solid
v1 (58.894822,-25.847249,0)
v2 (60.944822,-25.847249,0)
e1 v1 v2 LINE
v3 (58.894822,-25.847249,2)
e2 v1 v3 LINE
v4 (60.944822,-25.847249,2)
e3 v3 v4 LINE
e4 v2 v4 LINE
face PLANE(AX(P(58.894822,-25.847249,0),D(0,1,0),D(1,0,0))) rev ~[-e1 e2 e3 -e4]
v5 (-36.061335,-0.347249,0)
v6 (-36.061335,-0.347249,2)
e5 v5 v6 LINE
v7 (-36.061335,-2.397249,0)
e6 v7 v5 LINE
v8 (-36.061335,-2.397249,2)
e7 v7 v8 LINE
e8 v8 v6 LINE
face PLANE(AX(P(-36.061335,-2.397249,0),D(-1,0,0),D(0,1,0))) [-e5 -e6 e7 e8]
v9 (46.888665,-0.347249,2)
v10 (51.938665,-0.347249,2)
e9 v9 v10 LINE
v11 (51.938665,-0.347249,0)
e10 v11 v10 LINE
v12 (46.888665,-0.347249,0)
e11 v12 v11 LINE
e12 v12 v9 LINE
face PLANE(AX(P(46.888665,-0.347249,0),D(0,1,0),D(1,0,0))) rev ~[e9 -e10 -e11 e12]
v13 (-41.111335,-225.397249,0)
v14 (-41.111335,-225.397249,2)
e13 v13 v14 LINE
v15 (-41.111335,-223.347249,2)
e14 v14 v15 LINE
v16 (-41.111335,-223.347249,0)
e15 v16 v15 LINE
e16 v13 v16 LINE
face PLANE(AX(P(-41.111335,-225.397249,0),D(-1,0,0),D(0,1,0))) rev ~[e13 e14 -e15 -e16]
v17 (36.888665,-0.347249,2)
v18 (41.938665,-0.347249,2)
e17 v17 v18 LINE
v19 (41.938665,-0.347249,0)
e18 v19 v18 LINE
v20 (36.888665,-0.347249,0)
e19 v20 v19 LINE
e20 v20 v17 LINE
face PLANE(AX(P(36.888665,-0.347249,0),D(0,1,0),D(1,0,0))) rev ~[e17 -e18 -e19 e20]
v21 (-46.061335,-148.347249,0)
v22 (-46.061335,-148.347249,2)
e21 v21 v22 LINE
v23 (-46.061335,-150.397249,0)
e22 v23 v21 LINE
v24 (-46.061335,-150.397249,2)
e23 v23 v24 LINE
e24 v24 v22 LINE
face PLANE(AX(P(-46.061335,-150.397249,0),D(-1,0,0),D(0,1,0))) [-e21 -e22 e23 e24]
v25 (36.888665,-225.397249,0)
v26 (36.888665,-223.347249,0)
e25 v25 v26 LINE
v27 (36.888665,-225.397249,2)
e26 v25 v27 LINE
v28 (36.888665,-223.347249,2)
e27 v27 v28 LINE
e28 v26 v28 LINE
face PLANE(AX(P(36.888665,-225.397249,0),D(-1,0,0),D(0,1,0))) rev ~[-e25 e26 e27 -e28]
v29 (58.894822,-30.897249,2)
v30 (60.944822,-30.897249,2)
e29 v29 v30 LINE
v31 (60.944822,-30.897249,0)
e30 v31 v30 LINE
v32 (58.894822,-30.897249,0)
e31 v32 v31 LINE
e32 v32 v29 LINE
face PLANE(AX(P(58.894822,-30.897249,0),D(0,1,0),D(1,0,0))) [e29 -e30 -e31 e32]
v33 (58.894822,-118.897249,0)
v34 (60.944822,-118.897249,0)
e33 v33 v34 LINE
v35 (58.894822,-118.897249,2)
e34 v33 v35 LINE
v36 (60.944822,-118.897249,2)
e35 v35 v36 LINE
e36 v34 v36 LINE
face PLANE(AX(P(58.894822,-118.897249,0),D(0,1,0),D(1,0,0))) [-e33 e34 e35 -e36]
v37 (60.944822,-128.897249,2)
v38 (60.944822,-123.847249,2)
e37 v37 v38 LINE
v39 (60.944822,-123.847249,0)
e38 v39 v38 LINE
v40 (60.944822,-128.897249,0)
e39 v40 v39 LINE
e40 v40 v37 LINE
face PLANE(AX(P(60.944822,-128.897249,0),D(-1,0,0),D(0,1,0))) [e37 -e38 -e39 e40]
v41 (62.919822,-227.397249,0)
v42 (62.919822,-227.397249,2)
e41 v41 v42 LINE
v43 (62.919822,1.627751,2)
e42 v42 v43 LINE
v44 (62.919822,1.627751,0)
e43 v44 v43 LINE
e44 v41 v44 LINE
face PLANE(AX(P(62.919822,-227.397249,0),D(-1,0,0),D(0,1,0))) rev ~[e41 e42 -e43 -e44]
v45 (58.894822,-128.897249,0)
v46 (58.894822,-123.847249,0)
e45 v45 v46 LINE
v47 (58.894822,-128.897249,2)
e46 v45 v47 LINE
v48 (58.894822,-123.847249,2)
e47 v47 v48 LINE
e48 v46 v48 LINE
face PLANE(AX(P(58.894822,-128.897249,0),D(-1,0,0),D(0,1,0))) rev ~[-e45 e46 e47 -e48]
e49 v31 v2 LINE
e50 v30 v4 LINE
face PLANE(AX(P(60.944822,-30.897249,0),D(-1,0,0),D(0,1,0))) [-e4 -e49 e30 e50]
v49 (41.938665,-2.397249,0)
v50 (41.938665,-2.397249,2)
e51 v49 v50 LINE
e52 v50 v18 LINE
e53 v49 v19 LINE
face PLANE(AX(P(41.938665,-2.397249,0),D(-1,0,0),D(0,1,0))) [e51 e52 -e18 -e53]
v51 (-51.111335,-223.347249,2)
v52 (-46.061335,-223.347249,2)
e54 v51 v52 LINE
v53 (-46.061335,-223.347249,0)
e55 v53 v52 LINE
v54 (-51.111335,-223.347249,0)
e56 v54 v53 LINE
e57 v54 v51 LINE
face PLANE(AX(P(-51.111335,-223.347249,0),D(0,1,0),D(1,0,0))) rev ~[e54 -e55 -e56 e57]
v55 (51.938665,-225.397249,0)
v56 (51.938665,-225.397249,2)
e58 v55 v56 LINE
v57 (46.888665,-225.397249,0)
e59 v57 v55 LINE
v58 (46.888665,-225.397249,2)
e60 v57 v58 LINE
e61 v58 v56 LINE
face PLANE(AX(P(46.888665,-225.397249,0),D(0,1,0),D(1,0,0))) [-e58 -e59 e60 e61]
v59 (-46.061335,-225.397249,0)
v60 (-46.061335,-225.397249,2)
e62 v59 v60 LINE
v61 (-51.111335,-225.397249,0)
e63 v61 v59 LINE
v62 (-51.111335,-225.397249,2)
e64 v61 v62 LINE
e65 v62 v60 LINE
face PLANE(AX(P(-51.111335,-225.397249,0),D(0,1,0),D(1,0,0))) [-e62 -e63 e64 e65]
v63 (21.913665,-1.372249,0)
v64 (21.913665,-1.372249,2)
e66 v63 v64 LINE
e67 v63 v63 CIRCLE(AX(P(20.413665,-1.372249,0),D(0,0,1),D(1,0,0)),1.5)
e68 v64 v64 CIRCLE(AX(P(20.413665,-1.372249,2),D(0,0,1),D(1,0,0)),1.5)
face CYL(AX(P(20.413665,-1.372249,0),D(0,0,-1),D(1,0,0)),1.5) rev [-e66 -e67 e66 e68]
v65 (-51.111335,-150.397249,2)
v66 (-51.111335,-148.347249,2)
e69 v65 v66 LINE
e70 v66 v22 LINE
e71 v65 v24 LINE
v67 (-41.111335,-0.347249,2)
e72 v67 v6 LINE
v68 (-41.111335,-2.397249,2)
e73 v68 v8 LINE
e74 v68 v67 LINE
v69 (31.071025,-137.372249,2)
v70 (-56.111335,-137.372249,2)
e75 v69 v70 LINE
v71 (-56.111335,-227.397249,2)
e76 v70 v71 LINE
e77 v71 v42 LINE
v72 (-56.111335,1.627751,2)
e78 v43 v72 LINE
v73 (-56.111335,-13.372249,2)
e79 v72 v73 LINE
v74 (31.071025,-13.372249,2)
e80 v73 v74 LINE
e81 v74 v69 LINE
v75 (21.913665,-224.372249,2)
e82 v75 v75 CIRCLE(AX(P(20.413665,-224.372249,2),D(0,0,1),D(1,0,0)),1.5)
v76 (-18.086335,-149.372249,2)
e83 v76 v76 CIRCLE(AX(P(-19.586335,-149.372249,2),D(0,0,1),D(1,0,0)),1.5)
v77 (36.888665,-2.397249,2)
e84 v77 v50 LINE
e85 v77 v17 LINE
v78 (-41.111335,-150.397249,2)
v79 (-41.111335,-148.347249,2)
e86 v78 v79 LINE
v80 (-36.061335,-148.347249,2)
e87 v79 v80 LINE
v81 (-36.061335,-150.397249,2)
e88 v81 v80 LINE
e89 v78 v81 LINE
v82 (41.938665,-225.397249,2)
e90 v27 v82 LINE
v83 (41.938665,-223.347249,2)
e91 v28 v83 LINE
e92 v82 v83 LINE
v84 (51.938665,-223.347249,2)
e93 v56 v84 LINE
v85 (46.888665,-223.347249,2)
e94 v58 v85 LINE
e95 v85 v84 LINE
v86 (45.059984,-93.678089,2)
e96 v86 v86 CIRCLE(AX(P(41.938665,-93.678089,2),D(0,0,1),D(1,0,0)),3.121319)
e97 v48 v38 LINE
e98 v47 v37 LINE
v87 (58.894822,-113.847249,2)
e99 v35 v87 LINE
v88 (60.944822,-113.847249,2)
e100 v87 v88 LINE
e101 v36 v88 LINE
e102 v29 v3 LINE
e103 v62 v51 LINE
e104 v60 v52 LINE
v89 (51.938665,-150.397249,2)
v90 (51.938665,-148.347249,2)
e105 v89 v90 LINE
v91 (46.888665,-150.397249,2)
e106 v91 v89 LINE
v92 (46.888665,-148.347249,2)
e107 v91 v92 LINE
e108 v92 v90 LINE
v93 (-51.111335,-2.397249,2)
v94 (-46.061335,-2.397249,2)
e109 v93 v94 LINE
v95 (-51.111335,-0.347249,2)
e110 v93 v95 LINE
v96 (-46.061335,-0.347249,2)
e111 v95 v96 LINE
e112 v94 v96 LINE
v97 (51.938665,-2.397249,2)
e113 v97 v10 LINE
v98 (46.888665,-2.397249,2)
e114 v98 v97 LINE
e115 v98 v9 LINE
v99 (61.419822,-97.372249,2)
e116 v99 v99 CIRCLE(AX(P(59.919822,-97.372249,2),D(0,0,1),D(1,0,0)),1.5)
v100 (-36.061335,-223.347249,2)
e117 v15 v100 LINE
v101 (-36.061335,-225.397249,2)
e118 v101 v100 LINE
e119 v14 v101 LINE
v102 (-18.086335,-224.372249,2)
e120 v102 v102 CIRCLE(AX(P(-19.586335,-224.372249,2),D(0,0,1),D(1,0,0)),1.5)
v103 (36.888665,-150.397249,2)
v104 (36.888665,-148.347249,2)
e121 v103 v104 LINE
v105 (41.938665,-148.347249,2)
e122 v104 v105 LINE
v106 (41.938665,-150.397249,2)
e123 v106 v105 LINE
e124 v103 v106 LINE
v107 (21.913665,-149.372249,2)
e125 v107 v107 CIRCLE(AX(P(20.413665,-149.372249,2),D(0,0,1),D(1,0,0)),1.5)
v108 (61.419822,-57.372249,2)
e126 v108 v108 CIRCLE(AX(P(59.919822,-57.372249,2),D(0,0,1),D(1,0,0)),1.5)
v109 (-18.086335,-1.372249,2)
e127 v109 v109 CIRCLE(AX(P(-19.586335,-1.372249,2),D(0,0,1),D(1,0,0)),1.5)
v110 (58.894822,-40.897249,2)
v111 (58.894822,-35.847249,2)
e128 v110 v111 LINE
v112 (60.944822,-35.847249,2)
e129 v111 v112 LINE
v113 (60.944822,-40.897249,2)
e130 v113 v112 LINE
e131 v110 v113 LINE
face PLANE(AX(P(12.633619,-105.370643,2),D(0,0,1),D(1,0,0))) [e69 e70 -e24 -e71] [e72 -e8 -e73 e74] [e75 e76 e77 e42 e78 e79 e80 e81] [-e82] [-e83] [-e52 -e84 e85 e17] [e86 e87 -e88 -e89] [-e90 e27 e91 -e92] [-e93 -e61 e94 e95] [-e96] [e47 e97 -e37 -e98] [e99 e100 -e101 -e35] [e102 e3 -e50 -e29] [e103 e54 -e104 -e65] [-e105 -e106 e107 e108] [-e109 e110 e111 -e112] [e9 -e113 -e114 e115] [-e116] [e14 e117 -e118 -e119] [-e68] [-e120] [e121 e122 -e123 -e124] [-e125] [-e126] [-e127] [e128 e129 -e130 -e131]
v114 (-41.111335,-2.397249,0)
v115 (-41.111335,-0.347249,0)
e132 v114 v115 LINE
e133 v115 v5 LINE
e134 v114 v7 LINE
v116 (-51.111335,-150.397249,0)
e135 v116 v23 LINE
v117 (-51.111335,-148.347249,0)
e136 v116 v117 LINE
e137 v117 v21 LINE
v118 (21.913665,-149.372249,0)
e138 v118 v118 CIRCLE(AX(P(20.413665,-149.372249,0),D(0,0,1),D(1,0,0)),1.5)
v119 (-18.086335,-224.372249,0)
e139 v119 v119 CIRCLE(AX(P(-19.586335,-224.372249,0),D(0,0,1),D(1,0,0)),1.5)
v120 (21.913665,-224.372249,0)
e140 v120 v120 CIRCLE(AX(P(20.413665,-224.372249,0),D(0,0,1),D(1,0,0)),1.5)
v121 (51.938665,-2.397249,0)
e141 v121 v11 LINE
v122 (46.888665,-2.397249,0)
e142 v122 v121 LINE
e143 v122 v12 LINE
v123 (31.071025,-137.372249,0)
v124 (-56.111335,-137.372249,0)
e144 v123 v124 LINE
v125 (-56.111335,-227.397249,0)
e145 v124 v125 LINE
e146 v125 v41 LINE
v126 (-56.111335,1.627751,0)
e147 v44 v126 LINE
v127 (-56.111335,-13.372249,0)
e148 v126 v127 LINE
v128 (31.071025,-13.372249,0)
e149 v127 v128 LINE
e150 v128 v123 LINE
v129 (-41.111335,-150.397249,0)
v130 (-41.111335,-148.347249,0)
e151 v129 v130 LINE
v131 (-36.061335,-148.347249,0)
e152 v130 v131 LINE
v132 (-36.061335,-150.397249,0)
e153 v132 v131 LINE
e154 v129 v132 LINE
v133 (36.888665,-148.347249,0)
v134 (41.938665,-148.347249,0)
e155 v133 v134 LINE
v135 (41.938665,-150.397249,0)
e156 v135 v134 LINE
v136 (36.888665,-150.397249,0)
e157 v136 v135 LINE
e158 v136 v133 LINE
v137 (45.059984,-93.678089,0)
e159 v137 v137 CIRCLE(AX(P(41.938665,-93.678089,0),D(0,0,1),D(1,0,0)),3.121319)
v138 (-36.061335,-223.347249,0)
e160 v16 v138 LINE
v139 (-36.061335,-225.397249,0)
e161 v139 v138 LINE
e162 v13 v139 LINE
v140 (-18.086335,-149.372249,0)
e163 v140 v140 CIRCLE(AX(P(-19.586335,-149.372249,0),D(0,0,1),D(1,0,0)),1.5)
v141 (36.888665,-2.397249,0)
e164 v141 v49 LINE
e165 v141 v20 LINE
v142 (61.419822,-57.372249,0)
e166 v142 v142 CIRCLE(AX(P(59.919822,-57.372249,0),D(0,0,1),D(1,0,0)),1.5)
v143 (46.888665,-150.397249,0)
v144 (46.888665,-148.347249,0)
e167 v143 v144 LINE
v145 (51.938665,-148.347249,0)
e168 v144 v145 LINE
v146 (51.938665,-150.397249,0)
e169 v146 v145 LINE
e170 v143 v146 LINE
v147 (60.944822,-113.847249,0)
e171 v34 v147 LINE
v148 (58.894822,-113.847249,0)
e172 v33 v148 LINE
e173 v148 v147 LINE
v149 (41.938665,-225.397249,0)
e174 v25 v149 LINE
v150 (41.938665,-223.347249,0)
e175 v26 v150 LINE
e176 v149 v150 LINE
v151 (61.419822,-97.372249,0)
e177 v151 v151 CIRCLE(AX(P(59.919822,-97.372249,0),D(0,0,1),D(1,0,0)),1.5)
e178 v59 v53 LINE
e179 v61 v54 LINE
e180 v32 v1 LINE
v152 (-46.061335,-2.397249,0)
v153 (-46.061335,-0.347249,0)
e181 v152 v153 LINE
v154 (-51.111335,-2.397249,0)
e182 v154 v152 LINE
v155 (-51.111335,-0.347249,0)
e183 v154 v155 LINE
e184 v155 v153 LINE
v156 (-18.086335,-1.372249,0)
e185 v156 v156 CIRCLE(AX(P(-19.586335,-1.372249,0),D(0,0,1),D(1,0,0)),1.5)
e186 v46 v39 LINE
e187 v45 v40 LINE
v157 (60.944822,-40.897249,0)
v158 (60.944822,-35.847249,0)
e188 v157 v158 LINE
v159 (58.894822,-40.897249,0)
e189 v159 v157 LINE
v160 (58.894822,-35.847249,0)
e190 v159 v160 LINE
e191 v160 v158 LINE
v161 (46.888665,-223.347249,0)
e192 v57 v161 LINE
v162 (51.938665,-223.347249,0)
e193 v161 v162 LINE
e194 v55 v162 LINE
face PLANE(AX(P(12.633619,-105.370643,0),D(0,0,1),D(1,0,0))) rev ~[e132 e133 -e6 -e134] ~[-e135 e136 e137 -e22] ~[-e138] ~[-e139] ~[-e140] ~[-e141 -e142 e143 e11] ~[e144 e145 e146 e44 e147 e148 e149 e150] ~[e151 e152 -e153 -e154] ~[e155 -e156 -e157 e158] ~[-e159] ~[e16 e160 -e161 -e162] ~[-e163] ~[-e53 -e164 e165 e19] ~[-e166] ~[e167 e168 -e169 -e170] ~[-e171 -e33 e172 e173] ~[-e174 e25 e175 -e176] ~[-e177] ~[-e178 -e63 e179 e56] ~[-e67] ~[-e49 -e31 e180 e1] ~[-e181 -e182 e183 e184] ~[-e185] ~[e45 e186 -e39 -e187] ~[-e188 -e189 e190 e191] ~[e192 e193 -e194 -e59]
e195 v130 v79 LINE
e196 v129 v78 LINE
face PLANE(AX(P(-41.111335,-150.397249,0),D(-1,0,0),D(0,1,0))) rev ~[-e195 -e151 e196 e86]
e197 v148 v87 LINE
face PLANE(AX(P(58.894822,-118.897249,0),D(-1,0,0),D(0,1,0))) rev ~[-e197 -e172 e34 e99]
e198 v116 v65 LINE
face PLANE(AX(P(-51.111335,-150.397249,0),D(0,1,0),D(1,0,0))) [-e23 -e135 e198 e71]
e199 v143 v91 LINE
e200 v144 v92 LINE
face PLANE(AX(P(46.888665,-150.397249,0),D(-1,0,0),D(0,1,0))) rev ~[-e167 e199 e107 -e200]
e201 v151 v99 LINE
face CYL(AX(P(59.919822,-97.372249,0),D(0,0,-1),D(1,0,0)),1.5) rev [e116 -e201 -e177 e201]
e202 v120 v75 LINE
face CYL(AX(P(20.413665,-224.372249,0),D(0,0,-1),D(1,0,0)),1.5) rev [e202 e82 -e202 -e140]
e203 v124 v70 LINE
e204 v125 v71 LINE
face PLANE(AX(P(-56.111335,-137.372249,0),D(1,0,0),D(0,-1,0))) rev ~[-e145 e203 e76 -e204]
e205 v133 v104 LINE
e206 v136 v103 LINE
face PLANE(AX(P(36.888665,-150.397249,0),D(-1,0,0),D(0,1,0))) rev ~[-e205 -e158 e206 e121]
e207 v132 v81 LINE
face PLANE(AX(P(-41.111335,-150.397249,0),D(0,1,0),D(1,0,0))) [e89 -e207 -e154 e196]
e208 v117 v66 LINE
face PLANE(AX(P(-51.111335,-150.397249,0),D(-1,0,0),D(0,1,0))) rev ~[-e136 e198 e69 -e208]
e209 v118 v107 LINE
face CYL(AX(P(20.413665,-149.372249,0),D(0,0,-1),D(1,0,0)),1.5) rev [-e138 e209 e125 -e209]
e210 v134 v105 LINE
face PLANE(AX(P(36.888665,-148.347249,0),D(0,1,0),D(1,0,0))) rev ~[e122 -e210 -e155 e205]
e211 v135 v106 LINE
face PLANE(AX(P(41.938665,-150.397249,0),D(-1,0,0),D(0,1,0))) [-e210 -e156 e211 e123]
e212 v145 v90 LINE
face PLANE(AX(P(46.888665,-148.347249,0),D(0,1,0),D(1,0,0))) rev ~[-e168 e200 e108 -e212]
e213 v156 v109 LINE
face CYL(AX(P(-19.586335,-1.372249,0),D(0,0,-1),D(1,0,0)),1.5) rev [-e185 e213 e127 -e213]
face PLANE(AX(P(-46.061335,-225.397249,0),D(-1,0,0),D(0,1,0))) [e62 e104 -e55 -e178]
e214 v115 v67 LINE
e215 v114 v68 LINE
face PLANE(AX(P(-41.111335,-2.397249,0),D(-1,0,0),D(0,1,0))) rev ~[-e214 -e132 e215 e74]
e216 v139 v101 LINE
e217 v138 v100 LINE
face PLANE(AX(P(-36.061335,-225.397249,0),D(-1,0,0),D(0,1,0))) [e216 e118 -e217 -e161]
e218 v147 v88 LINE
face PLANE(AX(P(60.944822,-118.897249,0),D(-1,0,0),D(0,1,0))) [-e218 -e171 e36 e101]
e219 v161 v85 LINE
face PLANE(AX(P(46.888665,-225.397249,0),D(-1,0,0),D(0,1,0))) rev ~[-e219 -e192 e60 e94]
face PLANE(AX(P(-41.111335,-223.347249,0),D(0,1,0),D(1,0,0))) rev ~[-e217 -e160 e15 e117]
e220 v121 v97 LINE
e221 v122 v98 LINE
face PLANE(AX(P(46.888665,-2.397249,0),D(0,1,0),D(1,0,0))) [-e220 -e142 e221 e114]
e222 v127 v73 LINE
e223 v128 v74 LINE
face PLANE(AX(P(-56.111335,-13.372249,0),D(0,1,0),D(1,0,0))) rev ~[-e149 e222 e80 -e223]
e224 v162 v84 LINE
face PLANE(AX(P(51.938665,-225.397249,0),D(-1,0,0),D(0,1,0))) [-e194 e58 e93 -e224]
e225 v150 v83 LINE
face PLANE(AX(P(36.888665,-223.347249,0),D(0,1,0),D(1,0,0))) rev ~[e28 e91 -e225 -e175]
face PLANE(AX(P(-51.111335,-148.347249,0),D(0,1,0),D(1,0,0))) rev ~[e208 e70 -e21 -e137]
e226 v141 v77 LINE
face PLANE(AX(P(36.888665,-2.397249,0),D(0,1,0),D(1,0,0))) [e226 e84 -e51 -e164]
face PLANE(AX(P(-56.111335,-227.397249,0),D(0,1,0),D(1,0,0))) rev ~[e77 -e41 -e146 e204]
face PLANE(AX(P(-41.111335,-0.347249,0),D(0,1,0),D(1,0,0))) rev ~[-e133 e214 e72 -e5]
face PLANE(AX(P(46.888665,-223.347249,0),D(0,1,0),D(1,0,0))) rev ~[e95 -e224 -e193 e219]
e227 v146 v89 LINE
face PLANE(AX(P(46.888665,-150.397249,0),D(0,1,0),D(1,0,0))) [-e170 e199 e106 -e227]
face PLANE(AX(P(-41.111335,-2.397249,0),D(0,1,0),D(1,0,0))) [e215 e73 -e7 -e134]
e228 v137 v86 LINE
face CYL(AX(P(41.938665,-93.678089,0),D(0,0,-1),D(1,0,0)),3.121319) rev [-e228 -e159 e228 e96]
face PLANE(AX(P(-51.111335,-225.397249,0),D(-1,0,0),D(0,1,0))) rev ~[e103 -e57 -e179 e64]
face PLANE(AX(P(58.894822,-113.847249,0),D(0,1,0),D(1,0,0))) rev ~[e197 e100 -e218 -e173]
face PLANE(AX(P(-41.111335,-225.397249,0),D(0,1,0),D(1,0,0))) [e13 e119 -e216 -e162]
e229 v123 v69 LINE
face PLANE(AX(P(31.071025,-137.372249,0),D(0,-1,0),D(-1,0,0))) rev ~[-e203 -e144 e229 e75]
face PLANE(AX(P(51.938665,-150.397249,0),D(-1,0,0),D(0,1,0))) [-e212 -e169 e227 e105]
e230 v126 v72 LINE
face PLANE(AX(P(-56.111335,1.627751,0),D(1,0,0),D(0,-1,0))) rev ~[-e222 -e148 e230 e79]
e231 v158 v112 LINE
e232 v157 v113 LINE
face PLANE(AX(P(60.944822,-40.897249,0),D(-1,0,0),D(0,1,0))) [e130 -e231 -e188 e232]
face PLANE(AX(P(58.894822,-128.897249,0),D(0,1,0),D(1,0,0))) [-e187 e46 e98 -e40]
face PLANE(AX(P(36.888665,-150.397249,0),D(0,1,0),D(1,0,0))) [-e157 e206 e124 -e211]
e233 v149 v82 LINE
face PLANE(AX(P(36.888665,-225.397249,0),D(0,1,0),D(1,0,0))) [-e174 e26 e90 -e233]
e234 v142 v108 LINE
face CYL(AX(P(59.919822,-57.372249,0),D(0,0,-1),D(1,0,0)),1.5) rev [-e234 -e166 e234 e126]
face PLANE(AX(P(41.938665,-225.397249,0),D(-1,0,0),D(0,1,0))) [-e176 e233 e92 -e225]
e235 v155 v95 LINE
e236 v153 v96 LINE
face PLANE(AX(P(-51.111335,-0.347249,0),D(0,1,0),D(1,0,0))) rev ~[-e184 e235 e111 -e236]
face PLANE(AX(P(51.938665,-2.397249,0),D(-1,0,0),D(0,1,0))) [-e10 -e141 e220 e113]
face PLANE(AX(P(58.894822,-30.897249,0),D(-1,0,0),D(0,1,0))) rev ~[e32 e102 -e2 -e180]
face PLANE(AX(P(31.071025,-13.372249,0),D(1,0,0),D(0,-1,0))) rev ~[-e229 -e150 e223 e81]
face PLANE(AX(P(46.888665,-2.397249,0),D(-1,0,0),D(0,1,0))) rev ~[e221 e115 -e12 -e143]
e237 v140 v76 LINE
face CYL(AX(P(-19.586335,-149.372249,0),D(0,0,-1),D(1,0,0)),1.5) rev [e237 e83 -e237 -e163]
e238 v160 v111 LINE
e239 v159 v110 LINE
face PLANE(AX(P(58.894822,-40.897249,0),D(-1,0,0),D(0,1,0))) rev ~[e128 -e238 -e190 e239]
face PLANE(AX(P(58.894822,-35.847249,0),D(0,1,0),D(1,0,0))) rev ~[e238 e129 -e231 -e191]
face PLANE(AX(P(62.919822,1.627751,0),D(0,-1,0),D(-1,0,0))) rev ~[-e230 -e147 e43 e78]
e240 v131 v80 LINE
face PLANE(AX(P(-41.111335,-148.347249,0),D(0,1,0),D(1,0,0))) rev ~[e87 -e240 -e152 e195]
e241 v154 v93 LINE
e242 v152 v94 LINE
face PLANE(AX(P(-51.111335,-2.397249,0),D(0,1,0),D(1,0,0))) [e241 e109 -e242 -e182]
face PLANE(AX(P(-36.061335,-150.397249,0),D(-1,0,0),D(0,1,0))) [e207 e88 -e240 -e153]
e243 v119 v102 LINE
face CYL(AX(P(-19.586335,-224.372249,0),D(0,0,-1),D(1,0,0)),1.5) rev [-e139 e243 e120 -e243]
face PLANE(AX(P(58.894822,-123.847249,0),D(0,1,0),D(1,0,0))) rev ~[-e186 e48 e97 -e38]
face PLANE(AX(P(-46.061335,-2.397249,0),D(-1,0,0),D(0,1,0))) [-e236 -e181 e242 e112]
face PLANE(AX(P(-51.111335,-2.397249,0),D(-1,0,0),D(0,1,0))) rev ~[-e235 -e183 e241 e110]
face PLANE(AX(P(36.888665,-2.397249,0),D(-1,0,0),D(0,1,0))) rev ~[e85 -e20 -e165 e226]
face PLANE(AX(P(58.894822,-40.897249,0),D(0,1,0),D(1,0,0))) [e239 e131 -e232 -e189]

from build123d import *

# Parameters (mm, degrees)
SKETCH_1_R      = 1.5
SKETCH_1_R_2    = 3.121318996
SKETCH_1_W      = 5.05
SKETCH_1_H      = 2.05
SKETCH_1_W_2    = 2.05
SKETCH_1_H_2    = 5.05
EXTRUDE_1_DEPTH = 2


with BuildPart() as part:
    # 草图1 → 凸台-拉伸1 (new body)
    with BuildSketch(Plane.XY):
        Polygon((-56.111334712, -13.372248853), (31.071025228, -13.372248853), (31.071025228, -137.372248853), (-56.111334712, -137.372248853), (-56.111334712, -152.372248853), (-56.111334712, -227.397248853), (62.919821756, -227.397248853), (62.919821756, -152.372248853), (62.919821756, 1.627751147), (-56.111334712, 1.627751147), align=None)
        with Locations((-19.586334712, -1.372248853)):
            Circle(SKETCH_1_R, mode=Mode.SUBTRACT)
        with Locations((20.413665288, -1.372248853)):
            Circle(SKETCH_1_R, mode=Mode.SUBTRACT)
        with Locations((-19.586334712, -149.372248853)):
            Circle(SKETCH_1_R, mode=Mode.SUBTRACT)
        with Locations((20.413665288, -149.372248853)):
            Circle(SKETCH_1_R, mode=Mode.SUBTRACT)
        with Locations((59.919821756, -97.372248853)):
            Circle(SKETCH_1_R, mode=Mode.SUBTRACT)
        with Locations((59.919821756, -57.372248853)):
            Circle(SKETCH_1_R, mode=Mode.SUBTRACT)
        with Locations((41.938665288, -93.678088908)):
            Circle(SKETCH_1_R_2, mode=Mode.SUBTRACT)
        with Locations((-19.586334712, -224.372248853)):
            Circle(SKETCH_1_R, mode=Mode.SUBTRACT)
        with Locations((20.413665288, -224.372248853)):
            Circle(SKETCH_1_R, mode=Mode.SUBTRACT)
        with Locations((39.413665288, -1.372248853)):
            Rectangle(SKETCH_1_W, SKETCH_1_H, mode=Mode.SUBTRACT)
        with Locations((49.413665288, -1.372248853)):
            Rectangle(SKETCH_1_W, SKETCH_1_H, mode=Mode.SUBTRACT)
        with Locations((-48.586334712, -1.372248853)):
            Rectangle(SKETCH_1_W, SKETCH_1_H, mode=Mode.SUBTRACT)
        with Locations((-38.586334712, -1.372248853)):
            Rectangle(SKETCH_1_W, SKETCH_1_H, mode=Mode.SUBTRACT)
        with Locations((39.413665288, -149.372248853)):
            Rectangle(SKETCH_1_W, SKETCH_1_H, mode=Mode.SUBTRACT)
        with Locations((49.413665288, -149.372248853)):
            Rectangle(SKETCH_1_W, SKETCH_1_H, mode=Mode.SUBTRACT)
        with Locations((-48.586334712, -149.372248853)):
            Rectangle(SKETCH_1_W, SKETCH_1_H, mode=Mode.SUBTRACT)
        with Locations((-38.586334712, -149.372248853)):
            Rectangle(SKETCH_1_W, SKETCH_1_H, mode=Mode.SUBTRACT)
        with Locations((59.919821756, -38.372248853)):
            Rectangle(SKETCH_1_W_2, SKETCH_1_H_2, mode=Mode.SUBTRACT)
        with Locations((59.919821756, -28.372248853)):
            Rectangle(SKETCH_1_W_2, SKETCH_1_H_2, mode=Mode.SUBTRACT)
        with Locations((59.919821756, -126.372248853)):
            Rectangle(SKETCH_1_W_2, SKETCH_1_H_2, mode=Mode.SUBTRACT)
        with Locations((59.919821756, -116.372248853)):
            Rectangle(SKETCH_1_W_2, SKETCH_1_H_2, mode=Mode.SUBTRACT)
        with Locations((39.413665288, -224.372248853)):
            Rectangle(SKETCH_1_W, SKETCH_1_H, mode=Mode.SUBTRACT)
        with Locations((49.413665288, -224.372248853)):
            Rectangle(SKETCH_1_W, SKETCH_1_H, mode=Mode.SUBTRACT)
        with Locations((-48.586334712, -224.372248853)):
            Rectangle(SKETCH_1_W, SKETCH_1_H, mode=Mode.SUBTRACT)
        with Locations((-38.586334712, -224.372248853)):
            Rectangle(SKETCH_1_W, SKETCH_1_H, mode=Mode.SUBTRACT)
    extrude(amount=EXTRUDE_1_DEPTH)


solid = part.part
